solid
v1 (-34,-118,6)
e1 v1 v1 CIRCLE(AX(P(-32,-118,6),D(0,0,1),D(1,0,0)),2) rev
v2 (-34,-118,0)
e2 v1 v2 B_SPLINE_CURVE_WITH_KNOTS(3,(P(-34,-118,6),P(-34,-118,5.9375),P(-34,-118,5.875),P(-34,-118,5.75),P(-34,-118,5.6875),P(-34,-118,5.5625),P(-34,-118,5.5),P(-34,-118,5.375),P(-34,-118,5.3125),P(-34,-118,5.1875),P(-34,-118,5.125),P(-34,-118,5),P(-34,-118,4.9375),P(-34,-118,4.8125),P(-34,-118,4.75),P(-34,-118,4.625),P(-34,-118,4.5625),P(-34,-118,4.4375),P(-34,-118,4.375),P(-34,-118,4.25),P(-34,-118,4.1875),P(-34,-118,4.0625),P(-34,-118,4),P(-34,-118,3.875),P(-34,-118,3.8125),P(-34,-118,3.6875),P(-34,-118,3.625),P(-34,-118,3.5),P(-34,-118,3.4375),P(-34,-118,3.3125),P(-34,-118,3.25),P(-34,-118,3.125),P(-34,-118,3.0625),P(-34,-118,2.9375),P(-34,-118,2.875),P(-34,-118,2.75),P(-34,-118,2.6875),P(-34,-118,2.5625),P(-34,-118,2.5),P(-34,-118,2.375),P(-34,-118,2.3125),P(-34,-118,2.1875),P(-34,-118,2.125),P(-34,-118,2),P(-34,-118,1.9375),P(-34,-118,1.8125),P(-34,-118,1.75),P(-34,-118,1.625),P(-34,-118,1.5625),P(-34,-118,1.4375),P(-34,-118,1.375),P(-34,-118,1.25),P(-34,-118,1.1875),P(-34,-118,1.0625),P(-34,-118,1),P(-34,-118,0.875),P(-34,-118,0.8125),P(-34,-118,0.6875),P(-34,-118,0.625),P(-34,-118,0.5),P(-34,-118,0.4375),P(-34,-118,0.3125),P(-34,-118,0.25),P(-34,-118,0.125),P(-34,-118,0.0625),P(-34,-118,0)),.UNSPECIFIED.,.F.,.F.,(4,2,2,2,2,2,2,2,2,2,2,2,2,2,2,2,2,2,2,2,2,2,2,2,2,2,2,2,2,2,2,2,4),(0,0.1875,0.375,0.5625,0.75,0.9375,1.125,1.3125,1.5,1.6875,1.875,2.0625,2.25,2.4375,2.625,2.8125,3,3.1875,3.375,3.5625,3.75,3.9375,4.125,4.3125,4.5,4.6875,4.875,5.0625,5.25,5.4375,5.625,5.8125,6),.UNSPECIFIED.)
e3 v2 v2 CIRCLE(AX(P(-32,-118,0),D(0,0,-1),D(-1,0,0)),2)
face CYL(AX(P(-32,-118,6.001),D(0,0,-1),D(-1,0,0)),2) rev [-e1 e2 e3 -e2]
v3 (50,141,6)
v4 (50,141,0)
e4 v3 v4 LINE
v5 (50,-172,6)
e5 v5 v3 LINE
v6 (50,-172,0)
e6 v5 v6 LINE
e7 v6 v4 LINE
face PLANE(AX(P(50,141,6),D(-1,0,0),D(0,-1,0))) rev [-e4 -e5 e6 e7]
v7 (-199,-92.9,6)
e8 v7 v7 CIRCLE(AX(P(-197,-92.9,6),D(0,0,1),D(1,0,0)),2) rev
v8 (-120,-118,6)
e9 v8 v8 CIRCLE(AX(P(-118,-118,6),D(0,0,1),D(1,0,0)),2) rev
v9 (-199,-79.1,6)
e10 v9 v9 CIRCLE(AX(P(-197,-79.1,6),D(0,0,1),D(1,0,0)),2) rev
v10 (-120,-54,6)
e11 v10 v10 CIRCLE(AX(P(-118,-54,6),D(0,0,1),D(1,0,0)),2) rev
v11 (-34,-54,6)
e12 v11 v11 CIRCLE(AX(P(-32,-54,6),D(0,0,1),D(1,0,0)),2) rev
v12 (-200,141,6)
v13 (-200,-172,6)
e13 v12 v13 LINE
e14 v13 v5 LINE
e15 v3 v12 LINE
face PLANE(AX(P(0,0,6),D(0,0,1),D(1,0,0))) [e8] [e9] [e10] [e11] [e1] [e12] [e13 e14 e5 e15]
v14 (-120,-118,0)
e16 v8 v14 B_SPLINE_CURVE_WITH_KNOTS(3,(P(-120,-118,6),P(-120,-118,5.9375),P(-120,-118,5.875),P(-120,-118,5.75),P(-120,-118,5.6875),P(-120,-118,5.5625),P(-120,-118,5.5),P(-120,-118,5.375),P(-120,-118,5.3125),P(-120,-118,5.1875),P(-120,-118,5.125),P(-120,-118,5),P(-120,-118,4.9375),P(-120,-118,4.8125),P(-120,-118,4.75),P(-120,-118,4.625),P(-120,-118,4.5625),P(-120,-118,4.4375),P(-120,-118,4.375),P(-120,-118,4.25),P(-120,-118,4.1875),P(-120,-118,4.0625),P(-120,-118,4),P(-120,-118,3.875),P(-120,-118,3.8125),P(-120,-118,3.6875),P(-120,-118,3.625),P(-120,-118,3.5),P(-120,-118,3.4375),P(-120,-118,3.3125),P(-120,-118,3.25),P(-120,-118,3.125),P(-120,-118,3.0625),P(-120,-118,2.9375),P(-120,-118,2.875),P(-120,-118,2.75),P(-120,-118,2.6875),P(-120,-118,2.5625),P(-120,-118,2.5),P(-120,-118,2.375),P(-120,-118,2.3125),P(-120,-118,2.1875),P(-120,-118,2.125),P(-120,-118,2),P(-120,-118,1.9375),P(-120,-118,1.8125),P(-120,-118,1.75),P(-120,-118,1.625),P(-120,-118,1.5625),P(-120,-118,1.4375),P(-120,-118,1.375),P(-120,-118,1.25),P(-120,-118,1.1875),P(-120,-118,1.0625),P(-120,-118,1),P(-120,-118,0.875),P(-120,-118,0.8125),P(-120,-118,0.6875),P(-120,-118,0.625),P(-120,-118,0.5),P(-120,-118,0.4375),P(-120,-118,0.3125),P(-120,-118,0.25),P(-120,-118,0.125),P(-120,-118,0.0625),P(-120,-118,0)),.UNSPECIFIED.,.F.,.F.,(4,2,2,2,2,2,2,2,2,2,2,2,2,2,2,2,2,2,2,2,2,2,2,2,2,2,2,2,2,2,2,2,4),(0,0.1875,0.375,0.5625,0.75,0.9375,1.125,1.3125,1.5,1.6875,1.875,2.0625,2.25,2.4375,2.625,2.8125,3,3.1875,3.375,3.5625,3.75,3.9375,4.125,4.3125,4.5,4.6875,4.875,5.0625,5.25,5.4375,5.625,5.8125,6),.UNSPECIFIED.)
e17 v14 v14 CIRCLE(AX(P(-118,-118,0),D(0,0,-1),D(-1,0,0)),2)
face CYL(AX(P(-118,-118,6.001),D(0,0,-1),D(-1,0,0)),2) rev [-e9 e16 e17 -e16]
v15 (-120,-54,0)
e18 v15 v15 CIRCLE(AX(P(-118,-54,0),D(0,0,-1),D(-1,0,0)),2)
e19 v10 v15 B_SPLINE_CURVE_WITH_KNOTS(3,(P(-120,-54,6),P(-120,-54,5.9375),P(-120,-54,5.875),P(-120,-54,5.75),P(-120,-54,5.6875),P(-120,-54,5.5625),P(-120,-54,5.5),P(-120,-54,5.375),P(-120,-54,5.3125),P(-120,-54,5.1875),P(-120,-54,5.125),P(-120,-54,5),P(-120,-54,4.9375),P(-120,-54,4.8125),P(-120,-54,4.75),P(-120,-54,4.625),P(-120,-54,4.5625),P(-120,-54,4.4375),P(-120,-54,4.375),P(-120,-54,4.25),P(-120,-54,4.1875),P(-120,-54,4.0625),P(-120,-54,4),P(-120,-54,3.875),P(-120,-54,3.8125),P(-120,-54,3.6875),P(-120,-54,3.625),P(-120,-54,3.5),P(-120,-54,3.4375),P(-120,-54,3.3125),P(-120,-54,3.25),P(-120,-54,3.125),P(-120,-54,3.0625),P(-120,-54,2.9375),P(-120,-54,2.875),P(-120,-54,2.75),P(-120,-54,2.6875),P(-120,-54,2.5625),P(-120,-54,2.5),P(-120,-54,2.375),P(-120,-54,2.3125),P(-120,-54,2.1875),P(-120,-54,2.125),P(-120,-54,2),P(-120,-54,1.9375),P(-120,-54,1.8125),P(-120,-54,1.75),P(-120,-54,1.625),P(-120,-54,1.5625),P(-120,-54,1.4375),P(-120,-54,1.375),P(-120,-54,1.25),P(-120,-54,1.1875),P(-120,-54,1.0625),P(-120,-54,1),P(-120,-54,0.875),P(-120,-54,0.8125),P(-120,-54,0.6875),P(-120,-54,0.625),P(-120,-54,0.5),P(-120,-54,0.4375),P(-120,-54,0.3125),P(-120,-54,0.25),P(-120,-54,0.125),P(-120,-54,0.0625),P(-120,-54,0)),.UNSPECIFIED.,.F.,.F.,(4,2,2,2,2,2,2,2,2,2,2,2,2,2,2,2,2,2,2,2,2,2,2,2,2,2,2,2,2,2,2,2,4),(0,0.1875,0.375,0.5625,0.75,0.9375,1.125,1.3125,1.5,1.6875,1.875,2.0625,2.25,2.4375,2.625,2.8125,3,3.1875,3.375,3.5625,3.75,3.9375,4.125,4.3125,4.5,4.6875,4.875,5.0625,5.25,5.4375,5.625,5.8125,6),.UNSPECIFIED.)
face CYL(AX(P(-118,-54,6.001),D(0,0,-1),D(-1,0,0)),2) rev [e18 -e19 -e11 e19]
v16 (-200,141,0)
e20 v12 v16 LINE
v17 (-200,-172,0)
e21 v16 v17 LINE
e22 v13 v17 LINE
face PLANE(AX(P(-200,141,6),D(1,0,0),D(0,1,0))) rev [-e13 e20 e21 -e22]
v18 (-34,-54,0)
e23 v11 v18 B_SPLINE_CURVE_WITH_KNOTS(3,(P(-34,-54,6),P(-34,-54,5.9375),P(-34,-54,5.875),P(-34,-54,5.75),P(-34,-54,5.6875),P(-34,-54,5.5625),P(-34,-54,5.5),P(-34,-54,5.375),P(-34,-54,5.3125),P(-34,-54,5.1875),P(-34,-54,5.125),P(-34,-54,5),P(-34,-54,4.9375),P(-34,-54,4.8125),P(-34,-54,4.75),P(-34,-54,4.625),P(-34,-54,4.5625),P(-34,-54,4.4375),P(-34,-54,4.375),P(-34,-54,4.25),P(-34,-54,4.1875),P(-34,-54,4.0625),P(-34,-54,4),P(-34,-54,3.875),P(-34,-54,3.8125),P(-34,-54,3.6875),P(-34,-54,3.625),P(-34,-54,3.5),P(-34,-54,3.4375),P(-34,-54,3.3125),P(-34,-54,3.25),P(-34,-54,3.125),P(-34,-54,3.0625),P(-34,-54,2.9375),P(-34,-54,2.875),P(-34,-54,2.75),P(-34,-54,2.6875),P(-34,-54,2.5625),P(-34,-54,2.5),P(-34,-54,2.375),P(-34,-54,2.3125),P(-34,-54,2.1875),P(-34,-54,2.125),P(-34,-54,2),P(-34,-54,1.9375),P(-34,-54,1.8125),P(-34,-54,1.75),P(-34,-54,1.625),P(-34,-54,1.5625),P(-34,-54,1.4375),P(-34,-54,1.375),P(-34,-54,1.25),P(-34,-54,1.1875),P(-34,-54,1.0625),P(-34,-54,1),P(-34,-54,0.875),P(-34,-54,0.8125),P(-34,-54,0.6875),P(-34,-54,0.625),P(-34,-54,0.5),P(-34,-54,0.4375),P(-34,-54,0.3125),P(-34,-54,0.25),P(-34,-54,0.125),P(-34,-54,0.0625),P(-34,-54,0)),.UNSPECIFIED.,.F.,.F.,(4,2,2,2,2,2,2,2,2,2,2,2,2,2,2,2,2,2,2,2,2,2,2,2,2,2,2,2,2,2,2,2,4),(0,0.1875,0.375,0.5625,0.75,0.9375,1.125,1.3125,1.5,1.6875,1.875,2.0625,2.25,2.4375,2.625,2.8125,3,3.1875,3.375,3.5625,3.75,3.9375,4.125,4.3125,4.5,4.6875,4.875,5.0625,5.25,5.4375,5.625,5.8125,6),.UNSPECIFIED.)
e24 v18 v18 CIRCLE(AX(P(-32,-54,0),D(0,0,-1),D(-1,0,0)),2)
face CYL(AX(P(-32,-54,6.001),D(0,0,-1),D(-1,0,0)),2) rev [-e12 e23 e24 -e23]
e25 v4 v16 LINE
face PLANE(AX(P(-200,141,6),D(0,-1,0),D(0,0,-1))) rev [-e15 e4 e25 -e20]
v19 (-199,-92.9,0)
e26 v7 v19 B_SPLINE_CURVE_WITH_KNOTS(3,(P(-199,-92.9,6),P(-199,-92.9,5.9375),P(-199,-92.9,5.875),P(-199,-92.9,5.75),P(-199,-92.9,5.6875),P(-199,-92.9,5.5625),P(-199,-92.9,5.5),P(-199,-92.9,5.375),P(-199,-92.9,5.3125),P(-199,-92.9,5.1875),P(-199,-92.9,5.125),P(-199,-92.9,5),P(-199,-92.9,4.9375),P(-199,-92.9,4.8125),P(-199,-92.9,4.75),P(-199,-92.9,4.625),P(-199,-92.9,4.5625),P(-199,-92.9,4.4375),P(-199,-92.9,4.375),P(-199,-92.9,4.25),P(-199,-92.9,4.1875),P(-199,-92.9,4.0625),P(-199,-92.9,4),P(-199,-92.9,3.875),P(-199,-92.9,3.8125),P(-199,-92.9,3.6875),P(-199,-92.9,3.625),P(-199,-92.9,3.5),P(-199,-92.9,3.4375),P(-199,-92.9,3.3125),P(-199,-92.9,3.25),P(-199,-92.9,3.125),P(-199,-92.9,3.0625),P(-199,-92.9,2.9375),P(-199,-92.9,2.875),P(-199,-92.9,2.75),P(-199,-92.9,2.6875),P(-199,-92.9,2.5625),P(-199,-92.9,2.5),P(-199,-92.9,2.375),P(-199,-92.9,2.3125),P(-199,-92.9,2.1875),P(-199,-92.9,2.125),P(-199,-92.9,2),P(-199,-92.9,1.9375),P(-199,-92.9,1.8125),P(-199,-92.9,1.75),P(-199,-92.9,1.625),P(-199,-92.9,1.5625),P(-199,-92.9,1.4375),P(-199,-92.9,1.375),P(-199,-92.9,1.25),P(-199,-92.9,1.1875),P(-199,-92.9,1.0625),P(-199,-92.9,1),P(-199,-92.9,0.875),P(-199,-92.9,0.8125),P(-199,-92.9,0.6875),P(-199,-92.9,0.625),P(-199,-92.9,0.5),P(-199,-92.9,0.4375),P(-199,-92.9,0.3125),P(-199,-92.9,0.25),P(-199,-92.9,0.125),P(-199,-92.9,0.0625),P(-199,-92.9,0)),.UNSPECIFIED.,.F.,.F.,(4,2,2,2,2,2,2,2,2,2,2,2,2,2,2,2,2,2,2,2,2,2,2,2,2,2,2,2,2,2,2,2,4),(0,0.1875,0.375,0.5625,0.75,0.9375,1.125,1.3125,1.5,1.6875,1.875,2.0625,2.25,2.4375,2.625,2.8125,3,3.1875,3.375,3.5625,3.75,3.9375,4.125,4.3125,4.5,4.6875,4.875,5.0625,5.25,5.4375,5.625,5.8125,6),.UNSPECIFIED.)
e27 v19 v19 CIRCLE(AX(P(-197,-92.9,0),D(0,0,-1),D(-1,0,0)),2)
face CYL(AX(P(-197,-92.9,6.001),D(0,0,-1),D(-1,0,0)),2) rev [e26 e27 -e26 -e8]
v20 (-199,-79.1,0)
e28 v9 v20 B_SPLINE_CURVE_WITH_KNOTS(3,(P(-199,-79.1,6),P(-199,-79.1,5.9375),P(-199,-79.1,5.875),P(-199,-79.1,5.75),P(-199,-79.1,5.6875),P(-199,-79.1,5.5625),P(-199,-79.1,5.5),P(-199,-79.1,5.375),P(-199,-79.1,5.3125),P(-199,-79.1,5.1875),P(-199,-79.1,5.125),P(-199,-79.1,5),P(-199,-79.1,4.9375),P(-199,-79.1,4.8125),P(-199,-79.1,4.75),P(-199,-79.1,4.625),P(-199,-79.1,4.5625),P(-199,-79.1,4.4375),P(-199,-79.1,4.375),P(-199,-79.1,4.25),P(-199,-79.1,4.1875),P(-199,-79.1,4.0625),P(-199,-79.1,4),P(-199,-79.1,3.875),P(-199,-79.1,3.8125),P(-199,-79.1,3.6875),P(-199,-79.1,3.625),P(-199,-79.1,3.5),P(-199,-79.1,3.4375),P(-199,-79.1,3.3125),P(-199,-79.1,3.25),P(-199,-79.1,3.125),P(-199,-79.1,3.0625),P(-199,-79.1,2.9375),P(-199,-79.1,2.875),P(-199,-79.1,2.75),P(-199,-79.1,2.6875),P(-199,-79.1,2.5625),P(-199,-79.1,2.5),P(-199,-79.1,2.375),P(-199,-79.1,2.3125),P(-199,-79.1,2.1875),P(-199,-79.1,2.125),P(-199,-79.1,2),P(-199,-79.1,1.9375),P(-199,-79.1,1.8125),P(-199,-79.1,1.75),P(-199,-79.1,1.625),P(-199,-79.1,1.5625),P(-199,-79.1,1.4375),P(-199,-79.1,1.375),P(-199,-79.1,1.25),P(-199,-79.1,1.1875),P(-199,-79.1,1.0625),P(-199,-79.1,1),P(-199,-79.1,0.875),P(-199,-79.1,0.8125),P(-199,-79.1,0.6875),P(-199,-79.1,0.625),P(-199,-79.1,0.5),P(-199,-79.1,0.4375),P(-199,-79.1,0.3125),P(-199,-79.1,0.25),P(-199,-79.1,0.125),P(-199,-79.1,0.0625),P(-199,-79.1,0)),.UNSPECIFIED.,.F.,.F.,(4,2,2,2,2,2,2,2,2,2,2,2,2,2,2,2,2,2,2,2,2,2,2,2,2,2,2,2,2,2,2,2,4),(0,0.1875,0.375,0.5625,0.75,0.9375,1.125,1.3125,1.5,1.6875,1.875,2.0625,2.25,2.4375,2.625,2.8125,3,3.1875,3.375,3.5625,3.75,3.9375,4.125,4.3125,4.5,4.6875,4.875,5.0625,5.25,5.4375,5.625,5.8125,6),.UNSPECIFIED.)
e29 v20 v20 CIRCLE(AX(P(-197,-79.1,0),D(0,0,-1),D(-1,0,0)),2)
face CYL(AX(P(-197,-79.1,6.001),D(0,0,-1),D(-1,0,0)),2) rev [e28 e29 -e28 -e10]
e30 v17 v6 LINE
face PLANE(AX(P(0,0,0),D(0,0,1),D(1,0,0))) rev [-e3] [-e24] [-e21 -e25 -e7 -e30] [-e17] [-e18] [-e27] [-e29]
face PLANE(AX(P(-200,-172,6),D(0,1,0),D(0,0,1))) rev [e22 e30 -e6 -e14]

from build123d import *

# Parameters (mm, degrees)
ESQUISSE1_W             = 250
ESQUISSE1_H             = 313
BOSS_EXTRU_1_DEPTH      = 6
ENL_V_MAT_EXTRU_1_REACH = 265.856
ESQUISSE2_R             = 2
ENL_V_MAT_EXTRU_2_REACH = 265.856
ESQUISSE3_R             = 2


with BuildPart() as part:
    # Esquisse1 → Boss.-Extru.1 (new body)
    with BuildSketch(Plane.XY):
        with Locations((-75, -15.5)):
            Rectangle(ESQUISSE1_W, ESQUISSE1_H)
    extrude(amount=BOSS_EXTRU_1_DEPTH)

    # Esquisse2 → Enlèv. mat.-Extru.1 (cut, up to next)
    with BuildSketch(Plane(origin=(0, 0, 0), x_dir=(-1, 0, 0), z_dir=(0, 0, -1)), mode=Mode.PRIVATE) as enl_v_mat_extru_1_sk1:
        with Locations((32, -54)):
            Circle(ESQUISSE2_R)
    enl_v_mat_extru_1_tool1 = extrude(enl_v_mat_extru_1_sk1.sketch, amount=-ENL_V_MAT_EXTRU_1_REACH, mode=Mode.PRIVATE) & part.part
    # Esquisse2 → Enlèv. mat.-Extru.1 (cut, up to next)
    with BuildSketch(Plane(origin=(0, 0, 0), x_dir=(-1, 0, 0), z_dir=(0, 0, -1)), mode=Mode.PRIVATE) as enl_v_mat_extru_1_sk2:
        with Locations((118, -54)):
            Circle(ESQUISSE2_R)
    enl_v_mat_extru_1_tool2 = extrude(enl_v_mat_extru_1_sk2.sketch, amount=-ENL_V_MAT_EXTRU_1_REACH, mode=Mode.PRIVATE) & part.part
    # Esquisse2 → Enlèv. mat.-Extru.1 (cut, up to next)
    with BuildSketch(Plane(origin=(0, 0, 0), x_dir=(-1, 0, 0), z_dir=(0, 0, -1)), mode=Mode.PRIVATE) as enl_v_mat_extru_1_sk3:
        with Locations((118, -118)):
            Circle(ESQUISSE2_R)
    enl_v_mat_extru_1_tool3 = extrude(enl_v_mat_extru_1_sk3.sketch, amount=-ENL_V_MAT_EXTRU_1_REACH, mode=Mode.PRIVATE) & part.part
    # Esquisse2 → Enlèv. mat.-Extru.1 (cut, up to next)
    with BuildSketch(Plane(origin=(0, 0, 0), x_dir=(-1, 0, 0), z_dir=(0, 0, -1)), mode=Mode.PRIVATE) as enl_v_mat_extru_1_sk4:
        with Locations((32, -118)):
            Circle(ESQUISSE2_R)
    enl_v_mat_extru_1_tool4 = extrude(enl_v_mat_extru_1_sk4.sketch, amount=-ENL_V_MAT_EXTRU_1_REACH, mode=Mode.PRIVATE) & part.part
    add(enl_v_mat_extru_1_tool1.solids().sort_by_distance((-32, -54, 0))[0], mode=Mode.SUBTRACT)
    add(enl_v_mat_extru_1_tool2.solids().sort_by_distance((-118, -54, 0))[0], mode=Mode.SUBTRACT)
    add(enl_v_mat_extru_1_tool3.solids().sort_by_distance((-118, -118, 0))[0], mode=Mode.SUBTRACT)
    add(enl_v_mat_extru_1_tool4.solids().sort_by_distance((-32, -118, 0))[0], mode=Mode.SUBTRACT)

    # Esquisse3 → Enlèv. mat.-Extru.2 (cut, up to next)
    with BuildSketch(Plane(origin=(0, 0, 0), x_dir=(-1, 0, 0), z_dir=(0, 0, -1)), mode=Mode.PRIVATE) as enl_v_mat_extru_2_sk1:
        with Locations((197, -79.1)):
            Circle(ESQUISSE3_R)
    enl_v_mat_extru_2_tool1 = extrude(enl_v_mat_extru_2_sk1.sketch, amount=-ENL_V_MAT_EXTRU_2_REACH, mode=Mode.PRIVATE) & part.part
    # Esquisse3 → Enlèv. mat.-Extru.2 (cut, up to next)
    with BuildSketch(Plane(origin=(0, 0, 0), x_dir=(-1, 0, 0), z_dir=(0, 0, -1)), mode=Mode.PRIVATE) as enl_v_mat_extru_2_sk2:
        with Locations((197, -92.9)):
            Circle(ESQUISSE3_R)
    enl_v_mat_extru_2_tool2 = extrude(enl_v_mat_extru_2_sk2.sketch, amount=-ENL_V_MAT_EXTRU_2_REACH, mode=Mode.PRIVATE) & part.part
    add(enl_v_mat_extru_2_tool1.solids().sort_by_distance((-197, -79.1, 0))[0], mode=Mode.SUBTRACT)
    add(enl_v_mat_extru_2_tool2.solids().sort_by_distance((-197, -92.9, 0))[0], mode=Mode.SUBTRACT)


solid = part.part
